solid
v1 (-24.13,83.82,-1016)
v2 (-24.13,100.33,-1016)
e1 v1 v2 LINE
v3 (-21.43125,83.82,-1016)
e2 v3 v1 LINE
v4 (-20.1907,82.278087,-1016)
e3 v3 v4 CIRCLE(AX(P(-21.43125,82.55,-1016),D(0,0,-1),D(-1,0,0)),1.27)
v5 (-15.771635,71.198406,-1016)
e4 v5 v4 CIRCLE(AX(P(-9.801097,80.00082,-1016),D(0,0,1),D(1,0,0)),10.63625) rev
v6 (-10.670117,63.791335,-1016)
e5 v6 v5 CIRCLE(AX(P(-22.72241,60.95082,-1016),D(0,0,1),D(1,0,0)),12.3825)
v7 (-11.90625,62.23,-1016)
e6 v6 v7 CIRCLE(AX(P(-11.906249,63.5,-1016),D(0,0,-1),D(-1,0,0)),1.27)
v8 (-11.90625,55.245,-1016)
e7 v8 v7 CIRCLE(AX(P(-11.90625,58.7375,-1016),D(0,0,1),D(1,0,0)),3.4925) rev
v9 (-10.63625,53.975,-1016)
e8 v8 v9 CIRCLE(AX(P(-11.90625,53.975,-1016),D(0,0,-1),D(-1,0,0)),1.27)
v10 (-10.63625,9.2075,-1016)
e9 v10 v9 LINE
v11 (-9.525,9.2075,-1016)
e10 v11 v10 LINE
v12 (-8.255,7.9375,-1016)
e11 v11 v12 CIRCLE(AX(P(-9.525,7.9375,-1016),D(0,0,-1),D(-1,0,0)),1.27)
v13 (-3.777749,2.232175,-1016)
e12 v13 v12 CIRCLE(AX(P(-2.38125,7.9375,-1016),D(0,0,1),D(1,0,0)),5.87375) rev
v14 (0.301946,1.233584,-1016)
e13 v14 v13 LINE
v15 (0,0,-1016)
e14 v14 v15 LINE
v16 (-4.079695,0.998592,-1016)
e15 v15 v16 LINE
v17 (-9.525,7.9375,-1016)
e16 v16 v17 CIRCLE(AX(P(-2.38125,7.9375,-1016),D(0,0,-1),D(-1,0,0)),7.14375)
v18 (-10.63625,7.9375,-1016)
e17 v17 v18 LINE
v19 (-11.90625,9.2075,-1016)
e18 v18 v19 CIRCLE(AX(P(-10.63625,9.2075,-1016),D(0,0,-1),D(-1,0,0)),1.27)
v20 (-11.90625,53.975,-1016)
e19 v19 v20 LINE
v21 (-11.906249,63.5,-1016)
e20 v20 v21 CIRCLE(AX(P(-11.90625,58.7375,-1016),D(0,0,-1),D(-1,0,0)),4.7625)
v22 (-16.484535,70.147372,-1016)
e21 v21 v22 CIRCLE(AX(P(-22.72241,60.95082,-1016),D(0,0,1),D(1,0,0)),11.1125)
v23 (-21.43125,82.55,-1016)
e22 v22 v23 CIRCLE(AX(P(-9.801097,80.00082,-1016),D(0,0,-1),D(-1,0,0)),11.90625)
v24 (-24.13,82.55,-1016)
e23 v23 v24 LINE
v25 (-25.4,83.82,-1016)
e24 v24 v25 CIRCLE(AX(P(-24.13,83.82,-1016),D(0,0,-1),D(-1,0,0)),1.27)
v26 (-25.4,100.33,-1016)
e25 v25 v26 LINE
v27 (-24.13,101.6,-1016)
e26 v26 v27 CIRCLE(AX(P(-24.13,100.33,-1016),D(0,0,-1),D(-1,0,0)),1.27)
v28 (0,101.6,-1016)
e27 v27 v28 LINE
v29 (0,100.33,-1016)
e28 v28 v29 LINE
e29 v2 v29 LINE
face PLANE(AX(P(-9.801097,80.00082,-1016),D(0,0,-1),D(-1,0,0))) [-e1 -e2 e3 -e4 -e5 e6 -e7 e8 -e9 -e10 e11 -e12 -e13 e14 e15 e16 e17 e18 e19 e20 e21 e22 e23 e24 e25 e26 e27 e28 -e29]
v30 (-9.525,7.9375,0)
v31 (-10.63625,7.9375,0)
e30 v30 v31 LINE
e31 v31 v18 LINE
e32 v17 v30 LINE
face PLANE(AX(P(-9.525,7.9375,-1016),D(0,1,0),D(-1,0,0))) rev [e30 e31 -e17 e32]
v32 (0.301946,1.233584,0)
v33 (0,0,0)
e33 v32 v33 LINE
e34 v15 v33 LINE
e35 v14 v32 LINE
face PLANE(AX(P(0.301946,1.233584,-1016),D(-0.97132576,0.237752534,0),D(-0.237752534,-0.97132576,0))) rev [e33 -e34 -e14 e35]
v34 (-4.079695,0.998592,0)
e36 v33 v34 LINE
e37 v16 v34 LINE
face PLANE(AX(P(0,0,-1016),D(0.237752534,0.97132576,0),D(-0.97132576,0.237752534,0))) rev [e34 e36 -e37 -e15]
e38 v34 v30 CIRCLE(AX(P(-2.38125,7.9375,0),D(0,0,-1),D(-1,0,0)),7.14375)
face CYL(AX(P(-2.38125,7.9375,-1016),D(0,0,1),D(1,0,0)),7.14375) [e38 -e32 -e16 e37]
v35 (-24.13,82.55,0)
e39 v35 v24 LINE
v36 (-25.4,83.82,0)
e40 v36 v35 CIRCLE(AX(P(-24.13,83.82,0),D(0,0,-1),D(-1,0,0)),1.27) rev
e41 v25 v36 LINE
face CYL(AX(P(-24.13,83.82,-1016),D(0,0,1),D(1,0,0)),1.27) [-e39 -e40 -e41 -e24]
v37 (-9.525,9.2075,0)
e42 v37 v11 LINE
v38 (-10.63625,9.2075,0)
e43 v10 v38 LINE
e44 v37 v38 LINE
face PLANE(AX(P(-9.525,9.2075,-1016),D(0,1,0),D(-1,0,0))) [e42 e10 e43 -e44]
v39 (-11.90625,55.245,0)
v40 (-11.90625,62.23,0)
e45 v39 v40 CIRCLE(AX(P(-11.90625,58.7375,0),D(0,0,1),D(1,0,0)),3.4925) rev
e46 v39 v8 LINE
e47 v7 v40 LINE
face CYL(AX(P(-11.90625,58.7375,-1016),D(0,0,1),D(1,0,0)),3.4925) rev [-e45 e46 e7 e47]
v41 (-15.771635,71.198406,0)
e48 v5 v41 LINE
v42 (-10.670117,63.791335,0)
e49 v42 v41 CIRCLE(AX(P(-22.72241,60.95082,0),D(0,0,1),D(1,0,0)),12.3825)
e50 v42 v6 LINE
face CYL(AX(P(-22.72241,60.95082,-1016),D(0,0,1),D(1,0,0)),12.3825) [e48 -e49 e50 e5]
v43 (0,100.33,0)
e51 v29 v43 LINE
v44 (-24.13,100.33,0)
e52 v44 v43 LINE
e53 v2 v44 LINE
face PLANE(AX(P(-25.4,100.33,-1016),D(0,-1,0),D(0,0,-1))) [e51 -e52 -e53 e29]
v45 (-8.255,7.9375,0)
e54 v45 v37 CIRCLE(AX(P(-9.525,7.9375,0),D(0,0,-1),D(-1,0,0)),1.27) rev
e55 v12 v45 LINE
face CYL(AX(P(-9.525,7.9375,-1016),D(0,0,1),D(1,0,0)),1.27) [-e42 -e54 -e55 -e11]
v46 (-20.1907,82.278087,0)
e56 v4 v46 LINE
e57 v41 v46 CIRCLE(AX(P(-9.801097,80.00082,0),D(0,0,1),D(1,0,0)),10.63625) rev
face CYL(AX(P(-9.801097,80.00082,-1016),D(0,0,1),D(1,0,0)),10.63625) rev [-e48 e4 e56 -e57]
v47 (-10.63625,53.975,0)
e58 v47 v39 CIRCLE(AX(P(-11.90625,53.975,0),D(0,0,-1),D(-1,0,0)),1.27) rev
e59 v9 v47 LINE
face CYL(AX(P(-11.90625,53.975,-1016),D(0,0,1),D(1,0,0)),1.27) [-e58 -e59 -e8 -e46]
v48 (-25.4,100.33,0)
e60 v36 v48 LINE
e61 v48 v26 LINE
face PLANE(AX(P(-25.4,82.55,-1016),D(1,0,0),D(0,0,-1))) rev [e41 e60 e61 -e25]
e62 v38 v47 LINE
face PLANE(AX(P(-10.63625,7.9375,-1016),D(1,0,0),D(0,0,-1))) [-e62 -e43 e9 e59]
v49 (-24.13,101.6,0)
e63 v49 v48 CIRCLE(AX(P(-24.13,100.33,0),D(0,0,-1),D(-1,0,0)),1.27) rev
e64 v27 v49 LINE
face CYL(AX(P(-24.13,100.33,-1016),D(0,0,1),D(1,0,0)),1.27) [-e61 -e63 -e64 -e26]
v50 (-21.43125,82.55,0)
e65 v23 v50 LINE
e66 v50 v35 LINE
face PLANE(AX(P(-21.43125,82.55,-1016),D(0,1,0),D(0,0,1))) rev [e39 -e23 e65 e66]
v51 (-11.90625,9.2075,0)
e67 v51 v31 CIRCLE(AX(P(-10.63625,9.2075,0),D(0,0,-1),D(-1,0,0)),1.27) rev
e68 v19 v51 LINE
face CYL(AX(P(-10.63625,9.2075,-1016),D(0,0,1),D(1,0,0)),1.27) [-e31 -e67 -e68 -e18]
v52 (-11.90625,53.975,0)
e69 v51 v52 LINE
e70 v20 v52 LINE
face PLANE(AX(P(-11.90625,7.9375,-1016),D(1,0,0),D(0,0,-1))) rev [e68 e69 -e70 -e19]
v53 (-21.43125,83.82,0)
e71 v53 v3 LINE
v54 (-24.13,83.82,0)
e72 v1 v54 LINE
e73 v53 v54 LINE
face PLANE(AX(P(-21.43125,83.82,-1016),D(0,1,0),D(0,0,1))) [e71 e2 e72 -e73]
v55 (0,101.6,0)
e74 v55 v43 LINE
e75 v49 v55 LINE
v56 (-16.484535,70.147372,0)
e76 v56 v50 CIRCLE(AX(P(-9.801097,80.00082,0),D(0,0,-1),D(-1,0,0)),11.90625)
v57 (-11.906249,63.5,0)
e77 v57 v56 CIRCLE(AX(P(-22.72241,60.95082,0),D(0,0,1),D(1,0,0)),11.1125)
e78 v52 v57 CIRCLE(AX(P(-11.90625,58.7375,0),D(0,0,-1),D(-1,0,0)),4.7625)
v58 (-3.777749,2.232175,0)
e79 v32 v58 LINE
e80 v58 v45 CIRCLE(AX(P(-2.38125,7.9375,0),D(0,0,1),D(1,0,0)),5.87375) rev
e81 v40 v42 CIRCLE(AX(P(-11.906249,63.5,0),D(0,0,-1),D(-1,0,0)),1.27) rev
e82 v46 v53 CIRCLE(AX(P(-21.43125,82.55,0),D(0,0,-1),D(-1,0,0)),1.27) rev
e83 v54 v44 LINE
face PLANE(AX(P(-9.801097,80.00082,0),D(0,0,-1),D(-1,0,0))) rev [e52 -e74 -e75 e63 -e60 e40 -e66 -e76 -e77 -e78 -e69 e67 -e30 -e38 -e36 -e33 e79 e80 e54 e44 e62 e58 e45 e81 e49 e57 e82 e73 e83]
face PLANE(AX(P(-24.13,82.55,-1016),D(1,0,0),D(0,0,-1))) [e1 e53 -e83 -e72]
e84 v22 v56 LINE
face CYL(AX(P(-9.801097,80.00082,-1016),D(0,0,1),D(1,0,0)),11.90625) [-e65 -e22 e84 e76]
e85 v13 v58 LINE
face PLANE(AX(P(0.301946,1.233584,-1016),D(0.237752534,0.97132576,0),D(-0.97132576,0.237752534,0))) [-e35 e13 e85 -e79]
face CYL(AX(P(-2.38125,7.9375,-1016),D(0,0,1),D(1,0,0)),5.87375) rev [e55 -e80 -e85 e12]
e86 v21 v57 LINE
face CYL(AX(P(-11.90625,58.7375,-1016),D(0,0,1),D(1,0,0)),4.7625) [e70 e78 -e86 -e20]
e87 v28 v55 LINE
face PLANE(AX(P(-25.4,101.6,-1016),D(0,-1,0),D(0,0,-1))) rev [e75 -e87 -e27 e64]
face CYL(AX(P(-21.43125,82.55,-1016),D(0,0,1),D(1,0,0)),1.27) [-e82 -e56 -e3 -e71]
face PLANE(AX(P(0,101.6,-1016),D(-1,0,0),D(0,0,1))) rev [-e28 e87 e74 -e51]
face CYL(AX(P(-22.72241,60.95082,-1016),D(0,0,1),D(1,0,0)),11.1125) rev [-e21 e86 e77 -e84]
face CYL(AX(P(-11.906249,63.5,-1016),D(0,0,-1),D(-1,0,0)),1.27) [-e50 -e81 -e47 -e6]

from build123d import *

# Parameters (mm, degrees)
EXTRUDE_THIN1_DEPTH = 1016
FILLET1_R           = 1.27


with BuildPart() as part:
    # Sketch1 → Extrude-Thin1 (new body)
    with BuildSketch(Plane.XY):
        with BuildLine():
            Line((0, 0), (-4.079695, 0.998592))
            ThreePointArc((-4.079695, 0.998592), (-8.001144, 3.52729), (-9.525, 7.9375))
            Line((-9.525, 7.9375), (-11.90625, 7.9375))
            Line((-11.90625, 7.9375), (-11.90625, 53.975))
            ThreePointArc((-11.90625, 53.975), (-16.66875, 58.7375), (-11.906249, 63.5))
            ThreePointArc((-11.906249, 63.5), (-13.570529, 67.254051), (-16.484535, 70.147372))
            ThreePointArc((-16.484535, 70.147372), (-20.860175, 75.589972), (-21.43125, 82.55))
            Line((-21.43125, 82.55), (-25.4, 82.55))
            Line((-25.4, 82.55), (-25.4, 101.6))
            Line((-25.4, 101.6), (0, 101.6))
            Line((0, 101.6), (0, 100.33))
            Line((0, 100.33), (-24.13, 100.33))
            Line((-24.13, 100.33), (-24.13, 83.82))
            Line((-24.13, 83.82), (-19.728013, 83.82))
            ThreePointArc((-19.728013, 83.82), (-19.950403, 76.819407), (-15.771635, 71.198406))
            ThreePointArc((-15.771635, 71.198406), (-12.006284, 67.154926), (-10.374537, 61.876196))
            ThreePointArc((-10.374537, 61.876196), (-15.395826, 58.880375), (-10.63625, 55.484093))
            Line((-10.63625, 55.484093), (-10.63625, 9.2075))
            Line((-10.63625, 9.2075), (-8.116059, 9.2075))
            ThreePointArc((-8.116059, 9.2075), (-7.369003, 4.835362), (-3.777749, 2.232175))
            Line((-3.777749, 2.232175), (0.301946, 1.233584))
            Line((0.301946, 1.233584), (0, 0))
        make_face()
    extrude(amount=-EXTRUDE_THIN1_DEPTH)

    # Fillet1
    fillet1_edges = [part.edges().sort_by_distance(p)[0] for p in [
        (-19.728013, 83.82, -508),
        (-10.374537, 61.876196, -508),
        (-10.63625, 55.484093, -508),
        (-8.116059, 9.2075, -508),
        (-11.90625, 7.9375, -508),
        (-25.4, 82.55, -508),
        (-25.4, 101.6, -508),
    ]]
    fillet(fillet1_edges, radius=FILLET1_R)


solid = part.part
